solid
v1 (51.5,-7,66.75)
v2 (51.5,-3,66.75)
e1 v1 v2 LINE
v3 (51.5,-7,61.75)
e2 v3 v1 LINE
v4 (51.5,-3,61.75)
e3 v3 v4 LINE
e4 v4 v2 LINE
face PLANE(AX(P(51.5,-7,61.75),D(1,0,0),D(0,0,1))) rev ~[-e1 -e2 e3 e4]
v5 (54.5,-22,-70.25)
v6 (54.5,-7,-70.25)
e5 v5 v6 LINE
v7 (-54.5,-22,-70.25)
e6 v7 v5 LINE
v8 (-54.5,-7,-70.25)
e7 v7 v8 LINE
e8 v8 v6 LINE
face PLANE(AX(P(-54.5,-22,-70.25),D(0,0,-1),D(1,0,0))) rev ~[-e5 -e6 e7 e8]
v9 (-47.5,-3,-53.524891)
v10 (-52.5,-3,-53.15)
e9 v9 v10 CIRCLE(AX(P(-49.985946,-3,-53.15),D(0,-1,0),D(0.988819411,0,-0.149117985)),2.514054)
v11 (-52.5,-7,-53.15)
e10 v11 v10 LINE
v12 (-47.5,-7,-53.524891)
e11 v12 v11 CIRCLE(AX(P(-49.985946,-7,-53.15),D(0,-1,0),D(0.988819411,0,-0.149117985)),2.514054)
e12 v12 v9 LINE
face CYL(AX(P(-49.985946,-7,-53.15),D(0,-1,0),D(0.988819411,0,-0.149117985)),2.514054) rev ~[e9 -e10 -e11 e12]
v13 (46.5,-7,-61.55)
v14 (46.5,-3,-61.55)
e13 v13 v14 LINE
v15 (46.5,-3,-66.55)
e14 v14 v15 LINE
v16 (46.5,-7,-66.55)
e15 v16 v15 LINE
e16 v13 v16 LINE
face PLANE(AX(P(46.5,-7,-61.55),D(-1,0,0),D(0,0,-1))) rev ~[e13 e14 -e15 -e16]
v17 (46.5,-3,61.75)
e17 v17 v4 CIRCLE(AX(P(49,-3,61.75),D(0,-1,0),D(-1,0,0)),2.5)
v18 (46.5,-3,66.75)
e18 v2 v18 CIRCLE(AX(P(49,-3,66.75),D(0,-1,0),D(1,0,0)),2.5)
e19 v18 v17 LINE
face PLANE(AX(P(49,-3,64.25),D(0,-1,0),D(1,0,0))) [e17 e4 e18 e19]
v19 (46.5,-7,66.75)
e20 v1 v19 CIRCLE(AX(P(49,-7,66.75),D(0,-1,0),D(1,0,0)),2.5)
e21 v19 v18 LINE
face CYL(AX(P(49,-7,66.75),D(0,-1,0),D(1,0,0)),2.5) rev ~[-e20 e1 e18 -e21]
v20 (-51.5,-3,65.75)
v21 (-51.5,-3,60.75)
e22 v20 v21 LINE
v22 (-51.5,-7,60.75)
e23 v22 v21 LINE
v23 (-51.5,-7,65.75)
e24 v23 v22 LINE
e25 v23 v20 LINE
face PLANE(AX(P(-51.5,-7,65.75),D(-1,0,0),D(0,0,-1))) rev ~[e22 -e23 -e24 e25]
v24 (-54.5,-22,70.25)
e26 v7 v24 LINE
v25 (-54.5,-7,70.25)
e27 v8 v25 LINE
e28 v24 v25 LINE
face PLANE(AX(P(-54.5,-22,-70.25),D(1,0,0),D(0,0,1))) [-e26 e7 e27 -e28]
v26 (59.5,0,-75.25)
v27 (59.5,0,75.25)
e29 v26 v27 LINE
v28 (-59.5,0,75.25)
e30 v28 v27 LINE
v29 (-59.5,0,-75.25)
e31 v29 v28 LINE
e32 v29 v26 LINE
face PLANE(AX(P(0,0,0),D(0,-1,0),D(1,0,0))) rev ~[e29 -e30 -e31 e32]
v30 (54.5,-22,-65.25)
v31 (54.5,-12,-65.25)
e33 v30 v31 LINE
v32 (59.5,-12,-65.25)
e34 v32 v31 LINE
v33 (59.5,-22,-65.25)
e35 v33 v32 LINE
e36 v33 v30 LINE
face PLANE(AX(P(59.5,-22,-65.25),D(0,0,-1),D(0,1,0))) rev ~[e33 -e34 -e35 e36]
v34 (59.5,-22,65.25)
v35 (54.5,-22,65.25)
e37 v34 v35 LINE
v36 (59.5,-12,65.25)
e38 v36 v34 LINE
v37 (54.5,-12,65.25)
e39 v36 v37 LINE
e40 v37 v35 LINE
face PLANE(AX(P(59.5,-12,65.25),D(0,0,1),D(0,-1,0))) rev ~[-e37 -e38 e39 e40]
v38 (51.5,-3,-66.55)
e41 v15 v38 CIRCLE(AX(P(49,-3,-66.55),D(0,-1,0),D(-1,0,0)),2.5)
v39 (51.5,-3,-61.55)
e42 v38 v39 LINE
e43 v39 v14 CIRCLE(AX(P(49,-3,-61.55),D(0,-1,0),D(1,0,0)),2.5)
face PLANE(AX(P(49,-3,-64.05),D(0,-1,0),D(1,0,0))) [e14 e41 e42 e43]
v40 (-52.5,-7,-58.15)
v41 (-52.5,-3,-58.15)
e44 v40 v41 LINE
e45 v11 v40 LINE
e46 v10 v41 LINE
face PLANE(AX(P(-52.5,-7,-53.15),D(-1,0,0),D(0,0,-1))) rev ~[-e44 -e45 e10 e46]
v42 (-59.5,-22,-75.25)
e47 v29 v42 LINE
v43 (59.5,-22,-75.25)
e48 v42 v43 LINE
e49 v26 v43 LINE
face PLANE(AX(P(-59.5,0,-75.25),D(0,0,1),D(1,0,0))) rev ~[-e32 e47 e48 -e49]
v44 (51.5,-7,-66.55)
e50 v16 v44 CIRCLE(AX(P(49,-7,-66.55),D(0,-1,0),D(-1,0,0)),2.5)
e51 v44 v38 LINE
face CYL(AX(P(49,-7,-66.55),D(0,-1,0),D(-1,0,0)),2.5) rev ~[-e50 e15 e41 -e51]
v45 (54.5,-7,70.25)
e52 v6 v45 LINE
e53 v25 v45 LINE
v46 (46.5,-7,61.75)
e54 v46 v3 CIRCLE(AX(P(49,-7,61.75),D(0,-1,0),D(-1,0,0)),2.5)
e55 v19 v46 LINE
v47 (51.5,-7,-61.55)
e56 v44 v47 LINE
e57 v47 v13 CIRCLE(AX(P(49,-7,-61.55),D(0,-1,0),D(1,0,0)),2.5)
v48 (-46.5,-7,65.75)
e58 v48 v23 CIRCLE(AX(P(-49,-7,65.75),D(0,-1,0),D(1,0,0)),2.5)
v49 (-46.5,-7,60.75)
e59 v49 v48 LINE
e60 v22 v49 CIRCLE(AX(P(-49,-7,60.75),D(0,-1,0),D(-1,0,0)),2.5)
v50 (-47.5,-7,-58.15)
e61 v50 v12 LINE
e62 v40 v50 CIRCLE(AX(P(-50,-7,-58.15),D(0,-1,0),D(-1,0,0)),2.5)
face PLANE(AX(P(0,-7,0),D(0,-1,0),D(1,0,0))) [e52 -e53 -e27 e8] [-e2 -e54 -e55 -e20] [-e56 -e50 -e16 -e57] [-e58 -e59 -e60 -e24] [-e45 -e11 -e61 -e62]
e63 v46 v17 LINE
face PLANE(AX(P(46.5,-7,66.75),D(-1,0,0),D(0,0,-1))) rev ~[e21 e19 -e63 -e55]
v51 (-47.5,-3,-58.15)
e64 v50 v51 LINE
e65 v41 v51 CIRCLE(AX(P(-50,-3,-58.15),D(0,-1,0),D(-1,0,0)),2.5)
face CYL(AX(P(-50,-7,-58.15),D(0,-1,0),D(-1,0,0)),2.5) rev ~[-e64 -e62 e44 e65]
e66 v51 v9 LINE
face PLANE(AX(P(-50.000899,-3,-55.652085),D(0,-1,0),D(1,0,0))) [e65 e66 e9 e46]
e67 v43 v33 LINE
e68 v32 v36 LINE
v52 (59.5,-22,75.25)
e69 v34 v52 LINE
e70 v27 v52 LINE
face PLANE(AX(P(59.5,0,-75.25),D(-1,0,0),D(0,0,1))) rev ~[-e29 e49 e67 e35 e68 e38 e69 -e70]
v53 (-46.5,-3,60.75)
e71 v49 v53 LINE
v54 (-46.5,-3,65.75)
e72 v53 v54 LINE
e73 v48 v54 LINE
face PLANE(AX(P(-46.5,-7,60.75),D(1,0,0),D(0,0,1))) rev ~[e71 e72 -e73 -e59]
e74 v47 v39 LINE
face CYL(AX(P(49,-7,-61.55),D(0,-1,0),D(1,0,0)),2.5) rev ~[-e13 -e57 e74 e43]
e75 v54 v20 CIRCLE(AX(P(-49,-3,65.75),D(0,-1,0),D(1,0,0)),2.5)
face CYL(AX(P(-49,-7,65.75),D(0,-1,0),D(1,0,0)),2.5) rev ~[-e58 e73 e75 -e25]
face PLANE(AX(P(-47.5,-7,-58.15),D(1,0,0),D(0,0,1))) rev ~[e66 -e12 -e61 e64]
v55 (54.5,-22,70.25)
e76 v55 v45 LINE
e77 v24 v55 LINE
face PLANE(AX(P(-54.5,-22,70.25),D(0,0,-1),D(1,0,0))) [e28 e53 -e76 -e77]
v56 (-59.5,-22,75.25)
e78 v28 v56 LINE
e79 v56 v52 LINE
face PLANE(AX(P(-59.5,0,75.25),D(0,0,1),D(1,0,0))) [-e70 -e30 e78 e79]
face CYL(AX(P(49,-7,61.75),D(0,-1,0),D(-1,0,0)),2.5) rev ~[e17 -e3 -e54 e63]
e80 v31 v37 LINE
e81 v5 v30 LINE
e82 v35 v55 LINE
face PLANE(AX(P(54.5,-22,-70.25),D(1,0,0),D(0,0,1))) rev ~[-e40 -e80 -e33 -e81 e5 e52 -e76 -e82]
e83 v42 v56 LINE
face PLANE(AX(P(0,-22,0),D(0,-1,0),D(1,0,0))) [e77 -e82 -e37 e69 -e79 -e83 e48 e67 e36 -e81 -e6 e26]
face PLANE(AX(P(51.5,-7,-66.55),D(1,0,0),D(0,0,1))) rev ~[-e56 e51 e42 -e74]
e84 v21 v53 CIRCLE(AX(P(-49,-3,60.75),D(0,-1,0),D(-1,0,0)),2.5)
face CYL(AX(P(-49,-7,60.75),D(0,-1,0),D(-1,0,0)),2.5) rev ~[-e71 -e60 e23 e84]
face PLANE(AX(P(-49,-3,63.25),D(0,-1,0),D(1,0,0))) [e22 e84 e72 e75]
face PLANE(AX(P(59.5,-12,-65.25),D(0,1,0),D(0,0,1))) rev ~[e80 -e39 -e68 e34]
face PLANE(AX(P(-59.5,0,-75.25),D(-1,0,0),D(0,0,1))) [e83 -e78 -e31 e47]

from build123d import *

# Parameters (mm, degrees)
F0_W     = 119
F0_H     = 150.5
F1_DEPTH = 22
F2_W     = 109
F2_H     = 140.5
F3_DEPTH = 15
F5_DEPTH = 25
F7_DEPTH = 4


with BuildPart() as f1:
    # F0 (on Front) → F1 (new body)
    with BuildSketch(Plane.XZ):
        Rectangle(F0_W, F0_H)
    extrude(amount=F1_DEPTH)

    # F2 (on face) → F3 (cut)
    with BuildSketch(Plane.XZ.offset(22)):
        Rectangle(F2_W, F2_H)
    extrude(amount=-F3_DEPTH, mode=Mode.SUBTRACT)

    # F4 (on face) → F5 (cut)
    with BuildSketch(Plane.YZ.offset(59.5)):
        Polygon((-22, 65.25), (-22, 0), (-22, -65.25), (-12, -65.25), (-12, 0), (-12, 65.25), align=None)
    extrude(amount=-F5_DEPTH, mode=Mode.SUBTRACT)

    # F6 (on face) → F7 (cut)
    with BuildSketch(Plane.XZ.offset(7)):
        with BuildLine():
            Line((-46.5, 60.75), (-46.5, 65.75))
            ThreePointArc((-46.5, 65.75), (-49, 68.25), (-51.5, 65.75))
            Line((-51.5, 65.75), (-51.5, 60.75))
            ThreePointArc((-51.5, 60.75), (-49, 58.25), (-46.5, 60.75))
        make_face()
        with BuildLine():
            Line((51.5, 61.75), (51.5, 66.75))
            ThreePointArc((51.5, 66.75), (49, 69.25), (46.5, 66.75))
            Line((46.5, 66.75), (46.5, 61.75))
            ThreePointArc((46.5, 61.75), (49, 59.25), (51.5, 61.75))
        make_face()
        with BuildLine():
            Line((46.5, -61.55), (46.5, -66.55))
            ThreePointArc((46.5, -66.55), (49, -69.05), (51.5, -66.55))
            Line((51.5, -66.55), (51.5, -61.55))
            ThreePointArc((51.5, -61.55), (49, -59.05), (46.5, -61.55))
        make_face()
        with BuildLine():
            Line((-52.5, -53.15), (-52.5, -58.15))
            ThreePointArc((-52.5, -58.15), (-50, -60.65), (-47.5, -58.15))
            Line((-47.5, -58.15), (-47.5, -53.524891))
            ThreePointArc((-47.5, -53.524891), (-49.797974, -50.642983), (-52.5, -53.15))
        make_face()
    extrude(amount=-F7_DEPTH, mode=Mode.SUBTRACT)


solid = f1.part
